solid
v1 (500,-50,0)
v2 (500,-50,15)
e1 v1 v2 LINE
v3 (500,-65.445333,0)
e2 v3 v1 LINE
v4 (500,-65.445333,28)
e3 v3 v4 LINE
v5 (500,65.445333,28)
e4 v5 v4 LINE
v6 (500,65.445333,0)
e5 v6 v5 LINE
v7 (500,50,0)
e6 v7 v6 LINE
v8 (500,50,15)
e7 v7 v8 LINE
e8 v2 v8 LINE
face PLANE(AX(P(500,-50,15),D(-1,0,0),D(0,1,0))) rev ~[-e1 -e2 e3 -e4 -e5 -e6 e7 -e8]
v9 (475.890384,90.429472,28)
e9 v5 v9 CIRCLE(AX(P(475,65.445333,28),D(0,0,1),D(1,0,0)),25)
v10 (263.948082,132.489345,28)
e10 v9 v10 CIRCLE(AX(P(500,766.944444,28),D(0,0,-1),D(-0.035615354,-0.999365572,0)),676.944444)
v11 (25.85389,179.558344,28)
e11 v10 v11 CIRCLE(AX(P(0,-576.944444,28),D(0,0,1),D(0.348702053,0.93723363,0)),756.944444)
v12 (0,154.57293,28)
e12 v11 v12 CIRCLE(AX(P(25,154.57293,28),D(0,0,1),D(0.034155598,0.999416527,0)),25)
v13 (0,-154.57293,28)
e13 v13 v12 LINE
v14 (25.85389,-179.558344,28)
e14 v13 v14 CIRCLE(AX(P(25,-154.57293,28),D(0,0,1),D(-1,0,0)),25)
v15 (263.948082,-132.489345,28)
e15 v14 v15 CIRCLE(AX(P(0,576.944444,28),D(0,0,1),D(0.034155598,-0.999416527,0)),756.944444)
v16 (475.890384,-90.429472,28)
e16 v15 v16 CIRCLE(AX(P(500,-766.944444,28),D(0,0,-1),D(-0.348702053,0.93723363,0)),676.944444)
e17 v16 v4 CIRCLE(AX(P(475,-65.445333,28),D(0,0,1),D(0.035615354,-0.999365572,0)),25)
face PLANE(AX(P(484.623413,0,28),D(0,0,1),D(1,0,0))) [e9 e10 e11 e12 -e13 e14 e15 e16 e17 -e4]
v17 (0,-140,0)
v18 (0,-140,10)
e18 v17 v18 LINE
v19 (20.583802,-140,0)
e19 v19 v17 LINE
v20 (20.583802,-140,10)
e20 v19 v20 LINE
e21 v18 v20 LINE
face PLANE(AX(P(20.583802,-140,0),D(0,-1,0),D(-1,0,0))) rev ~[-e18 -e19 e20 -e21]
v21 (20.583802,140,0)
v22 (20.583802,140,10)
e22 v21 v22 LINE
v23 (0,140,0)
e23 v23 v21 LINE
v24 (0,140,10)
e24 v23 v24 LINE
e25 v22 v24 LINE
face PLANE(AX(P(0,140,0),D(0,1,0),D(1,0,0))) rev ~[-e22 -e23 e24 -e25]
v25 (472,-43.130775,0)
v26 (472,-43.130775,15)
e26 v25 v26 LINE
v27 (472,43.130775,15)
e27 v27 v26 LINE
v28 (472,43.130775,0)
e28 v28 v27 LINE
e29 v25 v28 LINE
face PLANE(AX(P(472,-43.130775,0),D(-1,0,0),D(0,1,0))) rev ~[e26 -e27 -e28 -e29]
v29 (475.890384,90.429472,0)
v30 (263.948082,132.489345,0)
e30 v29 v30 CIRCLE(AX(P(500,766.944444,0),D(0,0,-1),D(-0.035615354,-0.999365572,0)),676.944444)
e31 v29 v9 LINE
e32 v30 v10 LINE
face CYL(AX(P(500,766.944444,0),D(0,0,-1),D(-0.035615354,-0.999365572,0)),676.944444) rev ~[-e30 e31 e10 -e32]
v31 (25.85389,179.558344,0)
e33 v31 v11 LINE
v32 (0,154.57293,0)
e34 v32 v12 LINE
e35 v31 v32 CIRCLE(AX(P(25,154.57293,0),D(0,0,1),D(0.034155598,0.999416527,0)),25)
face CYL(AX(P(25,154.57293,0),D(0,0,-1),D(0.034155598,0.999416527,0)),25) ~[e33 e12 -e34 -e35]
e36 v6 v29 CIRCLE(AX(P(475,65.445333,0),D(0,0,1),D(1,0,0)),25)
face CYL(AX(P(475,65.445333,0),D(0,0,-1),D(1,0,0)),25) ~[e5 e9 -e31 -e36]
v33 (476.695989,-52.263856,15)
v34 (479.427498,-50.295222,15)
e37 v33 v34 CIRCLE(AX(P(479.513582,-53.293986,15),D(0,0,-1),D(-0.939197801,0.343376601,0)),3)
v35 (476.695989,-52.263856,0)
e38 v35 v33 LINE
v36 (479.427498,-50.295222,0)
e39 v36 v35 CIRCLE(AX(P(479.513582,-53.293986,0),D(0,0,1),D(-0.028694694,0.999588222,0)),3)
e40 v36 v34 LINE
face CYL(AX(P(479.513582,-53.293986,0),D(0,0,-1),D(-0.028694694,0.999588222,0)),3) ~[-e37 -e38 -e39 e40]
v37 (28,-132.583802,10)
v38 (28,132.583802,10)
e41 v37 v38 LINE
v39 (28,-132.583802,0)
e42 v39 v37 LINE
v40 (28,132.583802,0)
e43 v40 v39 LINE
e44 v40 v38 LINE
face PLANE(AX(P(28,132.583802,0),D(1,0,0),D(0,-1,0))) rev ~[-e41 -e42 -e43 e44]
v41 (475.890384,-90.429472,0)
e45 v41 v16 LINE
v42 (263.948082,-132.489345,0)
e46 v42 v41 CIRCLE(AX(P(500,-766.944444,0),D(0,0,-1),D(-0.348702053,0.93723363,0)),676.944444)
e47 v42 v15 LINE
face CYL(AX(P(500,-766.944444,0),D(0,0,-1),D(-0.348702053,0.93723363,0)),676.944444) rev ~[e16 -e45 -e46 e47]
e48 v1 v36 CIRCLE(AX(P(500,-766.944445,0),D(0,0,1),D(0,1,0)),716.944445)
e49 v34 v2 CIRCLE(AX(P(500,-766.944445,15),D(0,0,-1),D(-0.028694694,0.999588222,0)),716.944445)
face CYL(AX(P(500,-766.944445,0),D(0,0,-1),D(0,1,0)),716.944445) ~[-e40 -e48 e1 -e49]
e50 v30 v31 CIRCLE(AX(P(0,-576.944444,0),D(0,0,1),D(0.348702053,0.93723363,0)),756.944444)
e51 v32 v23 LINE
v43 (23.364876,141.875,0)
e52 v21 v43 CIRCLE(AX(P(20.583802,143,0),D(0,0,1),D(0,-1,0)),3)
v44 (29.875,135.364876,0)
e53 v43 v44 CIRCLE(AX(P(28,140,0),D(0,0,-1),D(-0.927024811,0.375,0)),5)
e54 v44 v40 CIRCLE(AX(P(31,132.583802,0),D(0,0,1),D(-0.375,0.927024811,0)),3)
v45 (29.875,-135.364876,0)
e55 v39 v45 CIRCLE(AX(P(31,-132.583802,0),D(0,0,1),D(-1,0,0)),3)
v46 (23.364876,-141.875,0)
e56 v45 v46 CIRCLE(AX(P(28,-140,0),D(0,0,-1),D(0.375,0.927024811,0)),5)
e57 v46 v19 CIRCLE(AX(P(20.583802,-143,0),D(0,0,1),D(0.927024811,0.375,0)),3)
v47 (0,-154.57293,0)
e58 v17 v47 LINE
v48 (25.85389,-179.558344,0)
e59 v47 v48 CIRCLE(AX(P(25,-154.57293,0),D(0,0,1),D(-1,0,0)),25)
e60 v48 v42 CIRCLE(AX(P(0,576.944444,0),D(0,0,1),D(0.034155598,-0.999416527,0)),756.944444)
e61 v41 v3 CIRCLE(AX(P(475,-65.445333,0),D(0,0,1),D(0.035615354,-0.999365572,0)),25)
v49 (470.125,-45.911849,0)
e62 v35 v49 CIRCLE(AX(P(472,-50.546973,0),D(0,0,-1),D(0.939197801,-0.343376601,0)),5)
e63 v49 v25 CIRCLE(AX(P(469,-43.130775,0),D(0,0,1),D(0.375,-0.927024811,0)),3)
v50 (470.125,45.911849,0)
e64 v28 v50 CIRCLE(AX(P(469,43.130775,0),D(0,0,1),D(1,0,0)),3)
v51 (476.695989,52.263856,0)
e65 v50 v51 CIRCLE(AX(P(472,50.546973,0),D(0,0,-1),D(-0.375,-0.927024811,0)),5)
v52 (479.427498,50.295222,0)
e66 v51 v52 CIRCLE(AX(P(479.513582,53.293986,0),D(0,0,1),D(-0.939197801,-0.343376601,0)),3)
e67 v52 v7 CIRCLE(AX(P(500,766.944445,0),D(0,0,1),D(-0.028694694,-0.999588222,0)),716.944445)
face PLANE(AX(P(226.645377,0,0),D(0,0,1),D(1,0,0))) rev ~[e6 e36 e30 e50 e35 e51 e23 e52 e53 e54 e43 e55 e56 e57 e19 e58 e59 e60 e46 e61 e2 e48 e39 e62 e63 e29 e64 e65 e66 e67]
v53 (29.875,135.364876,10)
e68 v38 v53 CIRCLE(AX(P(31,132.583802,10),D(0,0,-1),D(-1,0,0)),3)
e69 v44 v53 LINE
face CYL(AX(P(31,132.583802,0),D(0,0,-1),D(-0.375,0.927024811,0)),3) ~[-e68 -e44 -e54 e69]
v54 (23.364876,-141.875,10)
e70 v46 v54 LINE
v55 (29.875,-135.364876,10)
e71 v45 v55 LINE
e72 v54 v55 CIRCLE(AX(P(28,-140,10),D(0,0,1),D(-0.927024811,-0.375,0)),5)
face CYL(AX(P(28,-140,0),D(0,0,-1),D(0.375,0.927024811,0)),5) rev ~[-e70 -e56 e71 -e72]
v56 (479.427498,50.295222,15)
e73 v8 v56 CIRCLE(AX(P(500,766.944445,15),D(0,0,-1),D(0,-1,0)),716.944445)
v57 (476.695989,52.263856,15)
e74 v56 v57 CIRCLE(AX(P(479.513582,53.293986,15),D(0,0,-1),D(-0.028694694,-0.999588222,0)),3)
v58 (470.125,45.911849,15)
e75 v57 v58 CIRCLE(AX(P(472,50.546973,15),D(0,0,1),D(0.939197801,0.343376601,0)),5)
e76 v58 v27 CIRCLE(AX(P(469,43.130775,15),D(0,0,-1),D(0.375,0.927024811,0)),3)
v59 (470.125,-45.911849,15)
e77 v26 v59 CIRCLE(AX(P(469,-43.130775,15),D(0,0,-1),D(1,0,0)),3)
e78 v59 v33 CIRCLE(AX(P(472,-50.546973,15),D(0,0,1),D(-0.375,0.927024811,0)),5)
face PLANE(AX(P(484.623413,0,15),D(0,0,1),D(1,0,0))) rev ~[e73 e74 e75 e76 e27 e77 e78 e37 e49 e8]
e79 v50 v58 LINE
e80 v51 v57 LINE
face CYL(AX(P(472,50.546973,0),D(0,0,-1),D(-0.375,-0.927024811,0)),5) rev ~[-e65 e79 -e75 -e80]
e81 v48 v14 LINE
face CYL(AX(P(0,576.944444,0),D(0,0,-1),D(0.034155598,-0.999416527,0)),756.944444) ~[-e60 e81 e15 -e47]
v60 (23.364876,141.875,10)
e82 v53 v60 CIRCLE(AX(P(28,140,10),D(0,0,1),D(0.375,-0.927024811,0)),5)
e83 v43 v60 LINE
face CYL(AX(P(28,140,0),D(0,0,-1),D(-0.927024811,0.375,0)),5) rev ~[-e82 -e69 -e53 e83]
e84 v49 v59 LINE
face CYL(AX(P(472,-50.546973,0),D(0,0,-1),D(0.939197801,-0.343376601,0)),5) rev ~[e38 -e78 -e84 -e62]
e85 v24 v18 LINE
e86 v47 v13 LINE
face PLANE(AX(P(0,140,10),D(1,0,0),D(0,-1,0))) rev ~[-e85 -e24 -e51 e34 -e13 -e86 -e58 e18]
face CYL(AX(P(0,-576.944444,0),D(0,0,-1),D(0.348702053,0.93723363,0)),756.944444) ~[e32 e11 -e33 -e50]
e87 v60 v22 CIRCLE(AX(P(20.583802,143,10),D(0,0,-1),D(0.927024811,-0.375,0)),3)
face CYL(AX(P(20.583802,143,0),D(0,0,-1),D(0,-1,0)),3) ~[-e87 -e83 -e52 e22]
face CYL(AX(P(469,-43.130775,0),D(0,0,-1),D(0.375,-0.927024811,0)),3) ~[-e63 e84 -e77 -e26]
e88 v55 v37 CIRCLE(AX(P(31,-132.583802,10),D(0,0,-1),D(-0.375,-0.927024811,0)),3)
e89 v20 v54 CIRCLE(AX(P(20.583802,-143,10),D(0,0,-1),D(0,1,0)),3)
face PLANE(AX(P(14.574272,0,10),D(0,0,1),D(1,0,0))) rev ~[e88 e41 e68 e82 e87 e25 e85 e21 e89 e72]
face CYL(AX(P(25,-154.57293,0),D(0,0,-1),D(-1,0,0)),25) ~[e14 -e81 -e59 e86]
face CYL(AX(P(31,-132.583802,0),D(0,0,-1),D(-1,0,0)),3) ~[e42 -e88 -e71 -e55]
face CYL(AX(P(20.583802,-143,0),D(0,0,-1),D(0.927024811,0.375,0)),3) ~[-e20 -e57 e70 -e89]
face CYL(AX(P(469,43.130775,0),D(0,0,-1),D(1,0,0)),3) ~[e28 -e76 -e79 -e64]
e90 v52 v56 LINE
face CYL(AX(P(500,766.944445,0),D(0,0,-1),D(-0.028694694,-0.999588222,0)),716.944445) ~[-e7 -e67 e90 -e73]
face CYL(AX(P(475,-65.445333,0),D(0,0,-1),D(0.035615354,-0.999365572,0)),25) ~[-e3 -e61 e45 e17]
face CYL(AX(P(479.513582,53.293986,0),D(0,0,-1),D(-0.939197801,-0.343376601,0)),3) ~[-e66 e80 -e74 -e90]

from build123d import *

# Parameters (mm, degrees)
F1_DEPTH = 28
F2_START = 10
F2_DEPTH = 18
F3_START = 15
F3_DEPTH = 13


with BuildPart() as f1:
    # F0 (on Top) → F1 (new body)
    with BuildSketch(Plane.XY):
        with BuildLine():
            ThreePointArc((475.8903838544, 90.4294724937), (368.2302608049, 102.9485734508), (263.9480821387, 132.489345215))
            ThreePointArc((263.9480821387, 132.489345215), (146.799756159, 165.6285981358), (25.853889943, 179.5583436206))
            ThreePointArc((25.853889943, 179.5583436206), (7.6268489987, 172.5499609003), (0, 154.5729304368))
            Line((0, 154.5729304368), (0, 140))
            Line((0, 140), (20.5838015129, 140))
            ThreePointArc((20.5838015129, 140), (22.260852496, 140.5125314072), (23.3648759456, 141.875))
            ThreePointArc((23.3648759456, 141.875), (31.5355339059, 143.5355339059), (29.875, 135.3648759456))
            ThreePointArc((29.875, 135.3648759456), (28.5125314072, 134.260852496), (28, 132.5838015129))
            Line((28, 132.5838015129), (28, 128.9779645573))
            Line((28, 128.9779645573), (28, -128.9779645573))
            Line((28, -128.9779645573), (28, -132.5838015129))
            ThreePointArc((28, -132.5838015129), (28.5125314072, -134.260852496), (29.875, -135.3648759456))
            ThreePointArc((29.875, -135.3648759456), (31.5355339059, -143.5355339059), (23.3648759456, -141.875))
            ThreePointArc((23.3648759456, -141.875), (22.260852496, -140.5125314072), (20.5838015129, -140))
            Line((20.5838015129, -140), (0, -140))
            Line((0, -140), (0, -154.5729304368))
            ThreePointArc((0, -154.5729304368), (7.6268489987, -172.5499609003), (25.853889943, -179.5583436206))
            ThreePointArc((25.853889943, -179.5583436206), (146.799756159, -165.6285981358), (263.9480821387, -132.489345215))
            ThreePointArc((263.9480821387, -132.489345215), (368.2302608049, -102.9485734508), (475.8903838544, -90.4294724937))
            ThreePointArc((475.8903838544, -90.4294724937), (492.989713677, -82.8053505266), (500, -65.445333193))
            Line((500, -65.445333193), (500, -50))
            ThreePointArc((500, -50), (489.712690089, -50.0738092009), (479.4274983284, -50.2952216062))
            ThreePointArc((479.4274983284, -50.2952216062), (477.7595252441, -50.8602066094), (476.6959890071, -52.2638564719))
            ThreePointArc((476.6959890071, -52.2638564719), (468.5248750874, -54.1419014019), (470.125, -45.9118494147))
            ThreePointArc((470.125, -45.9118494147), (471.4874685928, -44.8078259652), (472, -43.1307749821))
            Line((472, -43.1307749821), (472, -40.993877733))
            Line((472, -40.993877733), (472, 40.993877733))
            Line((472, 40.993877733), (472, 43.1307749821))
            ThreePointArc((472, 43.1307749821), (471.4874685928, 44.8078259652), (470.125, 45.9118494147))
            ThreePointArc((470.125, 45.9118494147), (468.5248750874, 54.1419014019), (476.6959890071, 52.2638564719))
            ThreePointArc((476.6959890071, 52.2638564719), (477.7595252441, 50.8602066094), (479.4274983284, 50.2952216062))
            ThreePointArc((479.4274983284, 50.2952216062), (489.712690089, 50.0738092009), (500, 50))
            Line((500, 50), (500, 65.445333193))
            ThreePointArc((500, 65.445333193), (492.989713677, 82.8053505266), (475.8903838544, 90.4294724937))
        make_face()
    extrude(amount=F1_DEPTH)

    # F0 (on Top) → F2 (join)
    with BuildSketch(Plane.XY.offset(F2_START)):
        with BuildLine():
            Line((20.5838015129, 140), (0, 140))
            Line((0, 140), (0, -140))
            Line((0, -140), (20.5838015129, -140))
            ThreePointArc((20.5838015129, -140), (22.260852496, -140.5125314072), (23.3648759456, -141.875))
            ThreePointArc((23.3648759456, -141.875), (31.5355339059, -143.5355339059), (29.875, -135.3648759456))
            ThreePointArc((29.875, -135.3648759456), (28.5125314072, -134.260852496), (28, -132.5838015129))
            Line((28, -132.5838015129), (28, -128.9779645573))
            Line((28, -128.9779645573), (28, 128.9779645573))
            Line((28, 128.9779645573), (28, 132.5838015129))
            ThreePointArc((28, 132.5838015129), (28.5125314072, 134.260852496), (29.875, 135.3648759456))
            ThreePointArc((29.875, 135.3648759456), (31.5355339059, 143.5355339059), (23.3648759456, 141.875))
            ThreePointArc((23.3648759456, 141.875), (22.260852496, 140.5125314072), (20.5838015129, 140))
        make_face()
    extrude(amount=F2_DEPTH)

    # F0 (on Top) → F3 (join)
    with BuildSketch(Plane.XY.offset(F3_START)):
        with BuildLine():
            Line((500, -50), (500, 50))
            ThreePointArc((500, 50), (489.712690089, 50.0738092009), (479.4274983284, 50.2952216062))
            ThreePointArc((479.4274983284, 50.2952216062), (477.7595252441, 50.8602066094), (476.6959890071, 52.2638564719))
            ThreePointArc((476.6959890071, 52.2638564719), (468.5248750874, 54.1419014019), (470.125, 45.9118494147))
            ThreePointArc((470.125, 45.9118494147), (471.4874685928, 44.8078259652), (472, 43.1307749821))
            Line((472, 43.1307749821), (472, 40.993877733))
            Line((472, 40.993877733), (472, -40.993877733))
            Line((472, -40.993877733), (472, -43.1307749821))
            ThreePointArc((472, -43.1307749821), (471.4874685928, -44.8078259652), (470.125, -45.9118494147))
            ThreePointArc((470.125, -45.9118494147), (468.5248750874, -54.1419014019), (476.6959890071, -52.2638564719))
            ThreePointArc((476.6959890071, -52.2638564719), (477.7595252441, -50.8602066094), (479.4274983284, -50.2952216062))
            ThreePointArc((479.4274983284, -50.2952216062), (489.712690089, -50.0738092009), (500, -50))
        make_face()
    extrude(amount=F3_DEPTH)


solid = f1.part
